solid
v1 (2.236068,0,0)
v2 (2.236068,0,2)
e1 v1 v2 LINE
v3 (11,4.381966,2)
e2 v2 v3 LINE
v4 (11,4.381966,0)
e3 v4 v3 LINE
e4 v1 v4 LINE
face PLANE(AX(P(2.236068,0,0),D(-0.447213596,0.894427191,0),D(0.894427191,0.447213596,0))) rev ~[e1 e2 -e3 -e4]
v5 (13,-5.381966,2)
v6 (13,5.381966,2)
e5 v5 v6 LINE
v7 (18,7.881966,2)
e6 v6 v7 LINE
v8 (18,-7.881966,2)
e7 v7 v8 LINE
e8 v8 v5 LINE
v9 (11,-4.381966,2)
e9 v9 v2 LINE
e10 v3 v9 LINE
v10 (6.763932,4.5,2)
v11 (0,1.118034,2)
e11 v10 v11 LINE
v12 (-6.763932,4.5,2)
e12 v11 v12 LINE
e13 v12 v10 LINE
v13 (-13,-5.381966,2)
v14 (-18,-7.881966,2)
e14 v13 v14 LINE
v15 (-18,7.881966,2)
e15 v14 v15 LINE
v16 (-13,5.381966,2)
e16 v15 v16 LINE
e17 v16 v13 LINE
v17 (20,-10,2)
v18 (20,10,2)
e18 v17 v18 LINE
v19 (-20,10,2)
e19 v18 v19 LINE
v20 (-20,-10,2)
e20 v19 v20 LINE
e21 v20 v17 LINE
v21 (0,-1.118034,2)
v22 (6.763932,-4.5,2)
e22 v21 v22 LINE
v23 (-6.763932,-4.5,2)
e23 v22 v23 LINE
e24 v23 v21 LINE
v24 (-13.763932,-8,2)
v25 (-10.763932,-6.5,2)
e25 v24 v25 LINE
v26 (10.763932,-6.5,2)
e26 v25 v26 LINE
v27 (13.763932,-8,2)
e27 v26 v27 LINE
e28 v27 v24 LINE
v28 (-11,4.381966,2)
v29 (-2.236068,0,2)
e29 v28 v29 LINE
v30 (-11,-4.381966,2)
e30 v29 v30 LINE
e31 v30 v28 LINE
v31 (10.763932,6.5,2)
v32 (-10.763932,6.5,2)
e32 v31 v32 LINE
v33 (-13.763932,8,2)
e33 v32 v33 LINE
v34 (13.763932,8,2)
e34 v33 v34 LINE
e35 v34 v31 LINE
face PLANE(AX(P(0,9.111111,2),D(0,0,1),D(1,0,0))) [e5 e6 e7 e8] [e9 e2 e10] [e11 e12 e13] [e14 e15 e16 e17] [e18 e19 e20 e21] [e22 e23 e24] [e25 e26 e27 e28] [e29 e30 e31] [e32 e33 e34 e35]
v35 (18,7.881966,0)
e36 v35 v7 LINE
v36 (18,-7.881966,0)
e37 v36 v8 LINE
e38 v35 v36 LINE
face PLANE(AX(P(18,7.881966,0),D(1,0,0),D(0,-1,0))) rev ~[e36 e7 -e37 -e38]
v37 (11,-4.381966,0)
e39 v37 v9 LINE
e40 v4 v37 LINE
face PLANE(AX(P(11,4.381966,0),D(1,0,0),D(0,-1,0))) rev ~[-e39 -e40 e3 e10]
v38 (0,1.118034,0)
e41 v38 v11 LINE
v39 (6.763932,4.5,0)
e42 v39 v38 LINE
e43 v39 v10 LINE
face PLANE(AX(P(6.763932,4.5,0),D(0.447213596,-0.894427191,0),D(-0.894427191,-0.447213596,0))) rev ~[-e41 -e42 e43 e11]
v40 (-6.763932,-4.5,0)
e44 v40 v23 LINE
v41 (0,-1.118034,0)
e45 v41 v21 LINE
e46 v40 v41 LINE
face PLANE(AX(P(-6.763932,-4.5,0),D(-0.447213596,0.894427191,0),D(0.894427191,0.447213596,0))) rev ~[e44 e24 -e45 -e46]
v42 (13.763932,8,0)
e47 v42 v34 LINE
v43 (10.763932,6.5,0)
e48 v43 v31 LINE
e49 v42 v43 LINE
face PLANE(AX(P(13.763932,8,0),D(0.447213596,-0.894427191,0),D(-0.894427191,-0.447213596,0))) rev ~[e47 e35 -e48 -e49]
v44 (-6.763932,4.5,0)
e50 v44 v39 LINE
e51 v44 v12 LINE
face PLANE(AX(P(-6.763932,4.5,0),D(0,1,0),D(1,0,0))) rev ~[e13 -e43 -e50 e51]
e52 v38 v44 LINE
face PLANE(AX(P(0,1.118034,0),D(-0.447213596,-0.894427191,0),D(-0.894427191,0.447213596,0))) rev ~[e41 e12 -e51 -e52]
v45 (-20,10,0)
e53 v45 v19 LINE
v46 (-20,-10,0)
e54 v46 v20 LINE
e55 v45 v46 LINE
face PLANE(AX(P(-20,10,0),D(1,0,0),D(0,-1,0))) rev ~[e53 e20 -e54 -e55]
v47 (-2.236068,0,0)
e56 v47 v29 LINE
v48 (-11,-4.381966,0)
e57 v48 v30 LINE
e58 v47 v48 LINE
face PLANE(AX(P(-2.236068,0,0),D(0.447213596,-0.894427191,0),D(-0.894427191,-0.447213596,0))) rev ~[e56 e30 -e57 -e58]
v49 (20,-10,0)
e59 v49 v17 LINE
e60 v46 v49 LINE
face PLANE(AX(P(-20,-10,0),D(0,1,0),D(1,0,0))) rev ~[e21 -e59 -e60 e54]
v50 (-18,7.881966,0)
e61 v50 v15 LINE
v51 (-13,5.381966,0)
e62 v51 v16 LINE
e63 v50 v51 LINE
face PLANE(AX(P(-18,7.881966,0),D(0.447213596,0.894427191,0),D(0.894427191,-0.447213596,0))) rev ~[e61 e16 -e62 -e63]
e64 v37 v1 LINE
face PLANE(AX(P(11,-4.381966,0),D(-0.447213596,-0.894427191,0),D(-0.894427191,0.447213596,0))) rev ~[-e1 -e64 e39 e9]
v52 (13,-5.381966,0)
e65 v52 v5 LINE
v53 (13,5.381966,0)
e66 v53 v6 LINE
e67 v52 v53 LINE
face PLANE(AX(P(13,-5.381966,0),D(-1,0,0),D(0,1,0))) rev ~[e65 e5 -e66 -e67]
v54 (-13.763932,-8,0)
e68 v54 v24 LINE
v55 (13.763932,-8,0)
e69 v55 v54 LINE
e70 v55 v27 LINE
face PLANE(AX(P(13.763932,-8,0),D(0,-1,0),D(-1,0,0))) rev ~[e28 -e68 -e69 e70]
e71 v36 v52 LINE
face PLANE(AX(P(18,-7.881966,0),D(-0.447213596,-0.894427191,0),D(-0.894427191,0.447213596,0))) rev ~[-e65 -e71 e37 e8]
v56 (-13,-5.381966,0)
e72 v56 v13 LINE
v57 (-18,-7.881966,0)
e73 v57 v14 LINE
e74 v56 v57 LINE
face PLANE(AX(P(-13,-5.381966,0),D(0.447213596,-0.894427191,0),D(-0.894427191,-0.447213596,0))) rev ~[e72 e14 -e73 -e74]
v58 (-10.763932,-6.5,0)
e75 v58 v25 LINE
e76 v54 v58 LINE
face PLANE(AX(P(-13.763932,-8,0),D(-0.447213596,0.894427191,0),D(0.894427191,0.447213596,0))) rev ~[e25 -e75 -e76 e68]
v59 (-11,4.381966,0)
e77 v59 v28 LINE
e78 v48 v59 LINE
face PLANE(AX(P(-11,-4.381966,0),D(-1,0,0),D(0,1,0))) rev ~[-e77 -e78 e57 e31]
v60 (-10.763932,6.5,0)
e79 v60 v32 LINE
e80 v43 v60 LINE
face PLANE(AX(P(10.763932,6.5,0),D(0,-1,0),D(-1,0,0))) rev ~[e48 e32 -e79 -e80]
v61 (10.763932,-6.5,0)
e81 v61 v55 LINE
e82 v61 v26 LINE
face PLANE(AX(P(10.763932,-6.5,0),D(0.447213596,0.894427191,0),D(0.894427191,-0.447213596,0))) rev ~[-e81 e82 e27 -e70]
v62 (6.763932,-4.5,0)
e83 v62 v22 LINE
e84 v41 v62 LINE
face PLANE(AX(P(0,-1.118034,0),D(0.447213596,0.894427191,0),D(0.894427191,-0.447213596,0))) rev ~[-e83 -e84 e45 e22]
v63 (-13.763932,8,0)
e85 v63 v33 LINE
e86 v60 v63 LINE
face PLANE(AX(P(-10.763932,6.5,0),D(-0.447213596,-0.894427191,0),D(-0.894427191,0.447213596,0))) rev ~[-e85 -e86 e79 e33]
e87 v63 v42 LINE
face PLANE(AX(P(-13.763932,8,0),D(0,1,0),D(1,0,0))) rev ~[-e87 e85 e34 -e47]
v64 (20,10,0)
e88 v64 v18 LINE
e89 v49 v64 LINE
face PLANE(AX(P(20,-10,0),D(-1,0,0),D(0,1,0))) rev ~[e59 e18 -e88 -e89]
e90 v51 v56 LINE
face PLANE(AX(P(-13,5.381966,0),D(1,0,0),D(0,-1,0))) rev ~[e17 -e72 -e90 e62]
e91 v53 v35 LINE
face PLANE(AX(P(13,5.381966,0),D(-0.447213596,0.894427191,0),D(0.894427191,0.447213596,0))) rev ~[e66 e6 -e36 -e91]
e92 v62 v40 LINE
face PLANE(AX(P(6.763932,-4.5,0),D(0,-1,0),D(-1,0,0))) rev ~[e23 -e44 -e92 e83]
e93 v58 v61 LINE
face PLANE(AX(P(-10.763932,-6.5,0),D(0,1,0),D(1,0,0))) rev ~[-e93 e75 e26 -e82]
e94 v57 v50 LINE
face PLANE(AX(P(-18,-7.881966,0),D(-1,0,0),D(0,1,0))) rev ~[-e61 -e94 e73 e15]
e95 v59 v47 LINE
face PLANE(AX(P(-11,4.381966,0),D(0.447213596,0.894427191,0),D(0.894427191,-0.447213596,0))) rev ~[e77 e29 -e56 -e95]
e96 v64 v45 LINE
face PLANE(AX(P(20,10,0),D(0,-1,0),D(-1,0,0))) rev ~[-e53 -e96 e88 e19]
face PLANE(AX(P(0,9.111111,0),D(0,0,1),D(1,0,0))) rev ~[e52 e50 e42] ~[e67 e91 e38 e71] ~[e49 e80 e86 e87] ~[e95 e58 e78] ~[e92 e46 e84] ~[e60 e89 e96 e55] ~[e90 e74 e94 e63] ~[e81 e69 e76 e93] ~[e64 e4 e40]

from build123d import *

# Parameters (mm, degrees)
F2_DEPTH = 2


with BuildPart() as f2:
    # F1 (on Top) → F2 (new body)
    with BuildSketch(Plane.XY):
        Polygon((17.7639320225, 10), (-17.7639320225, 10), (-13.7639320225, 8), (13.7639320225, 8), align=None)
        Polygon((10.7639320225, 6.5), (-10.7639320225, 6.5), (-6.7639320225, 4.5), (6.7639320225, 4.5), align=None)
        Polygon((-18, 7.8819660113), (-20, 8.8819660113), (-20, -8.8819660113), (-18, -7.8819660113), align=None)
        Polygon((-11, 4.3819660113), (-13, 5.3819660113), (-13, -5.3819660113), (-11, -4.3819660113), align=None)
        Polygon((-2.2360679775, 0), (-11, -4.3819660113), (-11, -4.5), (-6.7639320225, -4.5), (0, -1.1180339887), align=None)
        Polygon((20, -8.8819660113), (20, 8.8819660113), (18, 7.8819660113), (18, -7.8819660113), align=None)
        Polygon((11, -4.3819660113), (2.2360679775, 0), (0, -1.1180339887), (6.7639320225, -4.5), (11, -4.5), align=None)
        Polygon((11, 4.5), (6.7639320225, 4.5), (0, 1.1180339887), (2.2360679775, 0), (11, 4.3819660113), align=None)
        Polygon((-17.7639320225, 10), (-20, 10), (-20, 8.8819660113), (-18, 7.8819660113), (-18, 8), (-13.7639320225, 8), align=None)
        Polygon((-10.7639320225, 6.5), (-13.7639320225, 8), (-18, 8), (-18, 7.8819660113), (-13, 5.3819660113), (-13, 6.5), align=None)
        Polygon((-6.7639320225, 4.5), (-10.7639320225, 6.5), (-13, 6.5), (-13, 5.3819660113), (-11, 4.3819660113), (-11, 4.5), align=None)
        Polygon((20, 10), (17.7639320225, 10), (13.7639320225, 8), (18, 8), (18, 7.8819660113), (20, 8.8819660113), align=None)
        Polygon((18, 8), (13.7639320225, 8), (10.7639320225, 6.5), (13, 6.5), (13, 5.3819660113), (18, 7.8819660113), align=None)
        Polygon((13, 6.5), (10.7639320225, 6.5), (6.7639320225, 4.5), (11, 4.5), (11, 4.3819660113), (13, 5.3819660113), align=None)
        Polygon((2.2360679775, 0), (0, 1.1180339887), (-2.2360679775, 0), (0, -1.1180339887), align=None)
        Polygon((0, 1.1180339887), (-6.7639320225, 4.5), (-11, 4.5), (-11, 4.3819660113), (-2.2360679775, 0), align=None)
        Polygon((-11, -4.3819660113), (-13, -5.3819660113), (-13, -6.5), (-10.7639320225, -6.5), (-6.7639320225, -4.5), (-11, -4.5), align=None)
        Polygon((-13, -5.3819660113), (-18, -7.8819660113), (-18, -8), (-13.7639320225, -8), (-10.7639320225, -6.5), (-13, -6.5), align=None)
        Polygon((-18, -7.8819660113), (-20, -8.8819660113), (-20, -10), (-17.7639320225, -10), (-13.7639320225, -8), (-18, -8), align=None)
        Polygon((-13.7639320225, -8), (-17.7639320225, -10), (17.7639320225, -10), (13.7639320225, -8), align=None)
        Polygon((20, -10), (20, -8.8819660113), (18, -7.8819660113), (18, -8), (13.7639320225, -8), (17.7639320225, -10), align=None)
        Polygon((18, -8), (18, -7.8819660113), (13, -5.3819660113), (13, -6.5), (10.7639320225, -6.5), (13.7639320225, -8), align=None)
        Polygon((13, -6.5), (13, -5.3819660113), (11, -4.3819660113), (11, -4.5), (6.7639320225, -4.5), (10.7639320225, -6.5), align=None)
        Polygon((-6.7639320225, -4.5), (-10.7639320225, -6.5), (10.7639320225, -6.5), (6.7639320225, -4.5), align=None)
        Polygon((13, -5.3819660113), (13, 5.3819660113), (11, 4.3819660113), (11, -4.3819660113), align=None)
    extrude(amount=F2_DEPTH)


solid = f2.part
